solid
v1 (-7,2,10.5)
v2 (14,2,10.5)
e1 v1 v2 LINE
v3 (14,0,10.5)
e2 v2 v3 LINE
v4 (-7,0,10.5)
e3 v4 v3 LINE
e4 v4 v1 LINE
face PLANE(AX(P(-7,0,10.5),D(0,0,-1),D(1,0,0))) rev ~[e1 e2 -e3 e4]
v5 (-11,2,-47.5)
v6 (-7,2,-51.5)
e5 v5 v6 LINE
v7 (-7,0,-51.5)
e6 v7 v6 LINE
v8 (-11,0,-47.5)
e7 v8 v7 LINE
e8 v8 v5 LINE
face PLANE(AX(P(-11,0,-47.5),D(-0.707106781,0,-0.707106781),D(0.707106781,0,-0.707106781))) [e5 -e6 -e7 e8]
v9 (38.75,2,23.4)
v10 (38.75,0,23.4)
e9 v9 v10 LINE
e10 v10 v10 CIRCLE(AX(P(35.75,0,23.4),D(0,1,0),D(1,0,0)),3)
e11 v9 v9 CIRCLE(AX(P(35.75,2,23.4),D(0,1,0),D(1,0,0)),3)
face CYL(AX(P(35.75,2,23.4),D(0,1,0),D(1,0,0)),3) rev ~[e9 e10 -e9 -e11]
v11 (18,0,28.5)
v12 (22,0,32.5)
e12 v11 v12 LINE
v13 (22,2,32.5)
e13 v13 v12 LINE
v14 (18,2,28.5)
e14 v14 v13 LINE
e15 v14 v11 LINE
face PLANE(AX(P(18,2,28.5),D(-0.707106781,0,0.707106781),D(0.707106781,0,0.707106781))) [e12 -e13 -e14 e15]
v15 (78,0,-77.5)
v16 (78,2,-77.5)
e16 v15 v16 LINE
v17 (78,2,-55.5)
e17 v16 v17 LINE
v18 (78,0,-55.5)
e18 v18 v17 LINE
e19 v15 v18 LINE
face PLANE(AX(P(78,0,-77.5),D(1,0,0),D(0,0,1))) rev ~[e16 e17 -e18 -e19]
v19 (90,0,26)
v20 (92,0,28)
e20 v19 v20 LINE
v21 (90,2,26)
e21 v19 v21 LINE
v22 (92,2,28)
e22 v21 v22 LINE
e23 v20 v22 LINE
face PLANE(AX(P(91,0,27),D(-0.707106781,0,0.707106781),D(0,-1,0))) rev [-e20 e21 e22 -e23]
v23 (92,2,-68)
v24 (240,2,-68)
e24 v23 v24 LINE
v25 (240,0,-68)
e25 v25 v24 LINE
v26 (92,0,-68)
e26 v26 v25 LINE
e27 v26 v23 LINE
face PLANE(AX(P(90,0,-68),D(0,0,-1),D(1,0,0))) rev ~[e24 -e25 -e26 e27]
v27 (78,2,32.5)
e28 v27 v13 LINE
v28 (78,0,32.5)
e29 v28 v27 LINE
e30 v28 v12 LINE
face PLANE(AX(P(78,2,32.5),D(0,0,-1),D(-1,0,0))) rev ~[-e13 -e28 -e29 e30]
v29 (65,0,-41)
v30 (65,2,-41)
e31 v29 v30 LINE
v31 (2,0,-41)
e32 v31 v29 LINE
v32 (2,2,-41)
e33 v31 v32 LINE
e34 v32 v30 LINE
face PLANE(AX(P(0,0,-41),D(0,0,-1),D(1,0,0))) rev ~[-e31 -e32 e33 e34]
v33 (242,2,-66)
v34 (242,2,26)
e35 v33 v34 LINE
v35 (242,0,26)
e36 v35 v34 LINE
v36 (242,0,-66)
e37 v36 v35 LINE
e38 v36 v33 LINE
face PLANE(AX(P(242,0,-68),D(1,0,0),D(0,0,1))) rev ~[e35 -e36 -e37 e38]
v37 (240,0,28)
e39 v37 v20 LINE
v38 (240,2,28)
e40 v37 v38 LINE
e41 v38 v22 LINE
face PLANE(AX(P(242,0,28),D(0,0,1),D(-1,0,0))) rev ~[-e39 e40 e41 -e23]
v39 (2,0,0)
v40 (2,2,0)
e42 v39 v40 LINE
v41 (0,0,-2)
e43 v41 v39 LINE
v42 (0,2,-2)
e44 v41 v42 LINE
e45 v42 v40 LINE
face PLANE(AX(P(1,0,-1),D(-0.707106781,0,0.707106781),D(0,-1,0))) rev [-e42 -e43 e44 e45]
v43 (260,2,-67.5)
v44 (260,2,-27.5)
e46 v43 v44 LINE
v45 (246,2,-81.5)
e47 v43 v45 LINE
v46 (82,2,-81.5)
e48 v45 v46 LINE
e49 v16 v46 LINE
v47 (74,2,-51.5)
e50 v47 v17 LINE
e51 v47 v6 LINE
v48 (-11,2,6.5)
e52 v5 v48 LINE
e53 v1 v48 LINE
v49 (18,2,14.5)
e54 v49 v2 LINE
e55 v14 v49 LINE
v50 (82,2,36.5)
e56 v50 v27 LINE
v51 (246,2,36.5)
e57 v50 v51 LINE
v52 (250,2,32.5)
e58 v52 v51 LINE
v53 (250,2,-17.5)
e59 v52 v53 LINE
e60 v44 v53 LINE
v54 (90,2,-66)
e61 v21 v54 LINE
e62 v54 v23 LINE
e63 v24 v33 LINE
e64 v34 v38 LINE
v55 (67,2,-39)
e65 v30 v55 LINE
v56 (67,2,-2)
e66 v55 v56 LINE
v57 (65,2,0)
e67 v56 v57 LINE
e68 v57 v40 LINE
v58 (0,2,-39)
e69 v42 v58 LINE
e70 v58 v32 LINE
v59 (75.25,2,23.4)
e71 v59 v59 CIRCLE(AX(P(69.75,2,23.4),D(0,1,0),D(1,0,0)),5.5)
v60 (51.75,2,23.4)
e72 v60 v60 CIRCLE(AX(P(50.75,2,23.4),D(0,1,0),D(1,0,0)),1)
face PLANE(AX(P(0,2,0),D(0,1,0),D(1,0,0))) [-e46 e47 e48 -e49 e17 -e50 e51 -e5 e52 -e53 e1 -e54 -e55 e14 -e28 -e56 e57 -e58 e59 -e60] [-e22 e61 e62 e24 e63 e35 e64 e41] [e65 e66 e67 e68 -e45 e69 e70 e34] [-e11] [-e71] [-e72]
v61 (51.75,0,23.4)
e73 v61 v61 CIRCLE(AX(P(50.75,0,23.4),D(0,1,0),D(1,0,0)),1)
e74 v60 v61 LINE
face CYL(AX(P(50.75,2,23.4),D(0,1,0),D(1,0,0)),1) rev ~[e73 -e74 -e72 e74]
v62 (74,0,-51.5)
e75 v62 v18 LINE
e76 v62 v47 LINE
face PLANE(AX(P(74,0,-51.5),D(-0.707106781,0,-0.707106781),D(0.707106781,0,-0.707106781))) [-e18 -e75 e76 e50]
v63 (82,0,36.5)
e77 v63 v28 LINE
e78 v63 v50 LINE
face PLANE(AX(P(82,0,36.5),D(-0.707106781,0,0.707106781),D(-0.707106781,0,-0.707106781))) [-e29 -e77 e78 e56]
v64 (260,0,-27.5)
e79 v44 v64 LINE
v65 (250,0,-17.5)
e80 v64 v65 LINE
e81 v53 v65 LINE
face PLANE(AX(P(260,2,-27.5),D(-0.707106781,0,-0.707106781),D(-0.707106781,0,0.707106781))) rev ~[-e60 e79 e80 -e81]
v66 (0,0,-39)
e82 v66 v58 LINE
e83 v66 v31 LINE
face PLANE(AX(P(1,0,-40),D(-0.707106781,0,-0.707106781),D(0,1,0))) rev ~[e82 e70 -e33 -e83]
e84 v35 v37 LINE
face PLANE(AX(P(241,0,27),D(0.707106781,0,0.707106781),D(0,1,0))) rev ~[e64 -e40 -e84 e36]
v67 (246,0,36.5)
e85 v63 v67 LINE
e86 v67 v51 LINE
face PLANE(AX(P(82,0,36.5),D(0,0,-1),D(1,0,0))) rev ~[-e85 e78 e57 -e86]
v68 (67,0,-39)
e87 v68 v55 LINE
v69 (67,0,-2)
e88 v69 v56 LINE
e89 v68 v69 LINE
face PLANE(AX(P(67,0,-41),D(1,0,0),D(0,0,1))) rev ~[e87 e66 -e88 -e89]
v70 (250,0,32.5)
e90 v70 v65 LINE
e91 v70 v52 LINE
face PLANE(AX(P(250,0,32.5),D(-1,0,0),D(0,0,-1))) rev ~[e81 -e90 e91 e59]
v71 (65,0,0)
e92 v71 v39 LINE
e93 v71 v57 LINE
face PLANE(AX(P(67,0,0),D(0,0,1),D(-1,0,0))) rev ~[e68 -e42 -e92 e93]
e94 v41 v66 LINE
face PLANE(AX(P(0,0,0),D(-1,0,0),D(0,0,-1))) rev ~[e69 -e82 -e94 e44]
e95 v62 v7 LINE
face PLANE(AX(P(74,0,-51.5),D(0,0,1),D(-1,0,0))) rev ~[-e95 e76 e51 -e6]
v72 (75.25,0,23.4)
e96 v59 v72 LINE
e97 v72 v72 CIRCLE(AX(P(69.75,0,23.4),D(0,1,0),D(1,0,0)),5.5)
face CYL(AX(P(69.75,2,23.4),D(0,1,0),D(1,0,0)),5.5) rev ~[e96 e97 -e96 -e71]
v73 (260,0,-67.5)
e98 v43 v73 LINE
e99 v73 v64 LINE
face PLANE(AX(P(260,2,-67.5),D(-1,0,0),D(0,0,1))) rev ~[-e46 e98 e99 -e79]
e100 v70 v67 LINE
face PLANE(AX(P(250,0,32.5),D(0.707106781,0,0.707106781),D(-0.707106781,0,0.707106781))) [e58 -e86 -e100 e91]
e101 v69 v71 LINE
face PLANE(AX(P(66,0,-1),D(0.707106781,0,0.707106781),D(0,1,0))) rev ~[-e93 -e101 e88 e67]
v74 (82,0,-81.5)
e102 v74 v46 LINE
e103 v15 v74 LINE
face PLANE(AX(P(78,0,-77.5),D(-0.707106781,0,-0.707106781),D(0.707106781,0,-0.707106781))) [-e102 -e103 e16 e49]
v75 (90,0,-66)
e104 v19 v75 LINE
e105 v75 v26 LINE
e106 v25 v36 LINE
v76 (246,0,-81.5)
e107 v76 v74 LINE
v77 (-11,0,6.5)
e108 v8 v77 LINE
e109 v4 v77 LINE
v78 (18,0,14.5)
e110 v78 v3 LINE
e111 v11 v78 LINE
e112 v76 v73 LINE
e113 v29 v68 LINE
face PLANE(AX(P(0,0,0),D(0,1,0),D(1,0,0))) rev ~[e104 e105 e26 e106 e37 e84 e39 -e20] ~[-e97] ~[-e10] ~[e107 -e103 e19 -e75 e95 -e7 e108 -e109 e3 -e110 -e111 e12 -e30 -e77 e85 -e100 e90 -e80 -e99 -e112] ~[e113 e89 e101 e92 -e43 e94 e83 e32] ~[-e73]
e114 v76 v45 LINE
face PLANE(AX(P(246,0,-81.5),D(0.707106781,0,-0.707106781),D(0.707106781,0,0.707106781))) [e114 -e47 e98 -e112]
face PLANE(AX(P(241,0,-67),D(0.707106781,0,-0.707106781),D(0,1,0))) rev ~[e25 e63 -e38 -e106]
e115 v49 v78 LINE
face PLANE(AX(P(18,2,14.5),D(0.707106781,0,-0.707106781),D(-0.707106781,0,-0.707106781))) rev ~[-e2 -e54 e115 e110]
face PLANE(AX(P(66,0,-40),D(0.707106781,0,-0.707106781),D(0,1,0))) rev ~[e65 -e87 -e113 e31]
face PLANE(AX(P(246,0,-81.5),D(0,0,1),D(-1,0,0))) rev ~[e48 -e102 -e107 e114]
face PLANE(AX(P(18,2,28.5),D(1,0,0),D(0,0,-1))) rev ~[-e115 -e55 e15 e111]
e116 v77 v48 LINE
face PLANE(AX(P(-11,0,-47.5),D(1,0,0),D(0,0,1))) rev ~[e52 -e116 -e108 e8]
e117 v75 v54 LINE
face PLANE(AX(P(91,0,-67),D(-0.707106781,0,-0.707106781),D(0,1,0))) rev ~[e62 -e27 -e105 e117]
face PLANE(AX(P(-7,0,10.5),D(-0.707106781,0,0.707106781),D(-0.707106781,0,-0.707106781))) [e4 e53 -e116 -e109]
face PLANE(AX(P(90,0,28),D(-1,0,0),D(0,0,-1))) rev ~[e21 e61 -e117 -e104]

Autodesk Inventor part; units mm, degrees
ref_plane "YZ Plane" through (0, 0, 0) normal (1, 0, 0) x (0, 1, 0)
ref_plane "XZ Plane" through (0, 0, 0) normal (0, 1, 0) x (-1, 0, 0)
ref_plane "XY Plane" through (0, 0, 0) normal (0, 0, 1) x (1, 0, 0)
sketch "Sketch1" plane through (0, 0, 0) normal (0, 1, 0) x (-1, 0, 0)
  line L0 (0, -41) -> (-67, -41)
  line L1 (-67, -41) -> (-67, 0)
  line L2 (-67, 0) -> (0, 0)
  line L3 (0, 0) -> (0, -41)
  line L4 (-90, -68) -> (-242, -68)
  line L5 (-242, -68) -> (-242, 28)
  line L6 (-242, 28) -> (-90, 28)
  line L7 (-90, 28) -> (-90, -68)
  line L8 (11, -47.5) -> (11, 6.5)
  line L9 (7, 10.5) -> (-74, 10.5)
  line L10 (-78, 14.5) -> (-78, 32.5)
  line L11 (-82, 36.5) -> (-246, 36.5)
  line L12 (-250, 32.5) -> (-250, -77.5)
  line L13 (-246, -81.5) -> (-82, -81.5)
  line L14 (-78, -77.5) -> (-78, -55.5)
  line L15 (-74, -51.5) -> (7, -51.5)
  line L16 (11, -47.5) -> (7, -51.5)
  line L17 (-74, -51.5) -> (-78, -55.5)
  line L18 (-78, -77.5) -> (-82, -81.5)
  line L19 (-246, -81.5) -> (-250, -77.5)
  line L20 (-250, 32.5) -> (-246, 36.5)
  line L21 (-82, 36.5) -> (-78, 32.5)
  line L22 (-78, 14.5) -> (-74, 10.5)
  line L23 (7, 10.5) -> (11, 6.5)
  line L24 (6, -46.5) -> (-73, -46.5) construction
  line L25 (-73, -46.5) -> (-73, 5.5) construction
  line L26 (-73, 5.5) -> (6, 5.5) construction
  line L27 (6, 5.5) -> (6, -46.5) construction
  line L28 (-83, -76.5) -> (-245, -76.5) construction
  line L29 (-245, -76.5) -> (-245, 31.5) construction
  line L30 (-245, 31.5) -> (-83, 31.5) construction
  line L31 (-83, 31.5) -> (-83, -76.5) construction
  point P0 (11, 10.5)
  point P1 (-78, 10.5)
  point P2 (-78, 36.5)
  point P3 (-250, 36.5)
  point P4 (-250, -81.5)
  point P5 (-78, -81.5)
  point P6 (-78, -51.5)
  point P7 (11, -51.5)
  point P8 (-33.5, -46.5)
  point P9 (-33.5, -41)
  point P10 (6, -20.5)
  point P11 (0, -20.5)
  point P12 (-83, -22.5)
  point P13 (-90, -20)
  point P14 (-164, -76.5)
  point P15 (-166, -68)
  dimension "d0" = 67
  dimension "d1" = 41
  dimension "d2" = 152
  dimension "d3" = 96
  dimension "d4" = 4
  dimension "d5" = 4
  dimension "d6" = 4
  dimension "d7" = 4
  dimension "d8" = 4
  dimension "d9" = 4
  dimension "d10" = 4
  dimension "d11" = 4
  dimension "d12" = 4
  dimension "d13" = 4
  dimension "d14" = 4
  dimension "d15" = 4
  dimension "d16" = 4
  dimension "d17" = 4
  dimension "d18" = 4
  dimension "d19" = 4
  dimension "d20" = 79
  dimension "d21" = 52
  dimension "d22" = 162
  dimension "d23" = 108
  dimension "d24" = 10
  dimension "d25" = 26
  dimension "d26" = 5
  dimension "d27" = 5
  dimension "d28" = 5
  dimension "d29" = 5
  dimension "d30" = 5
  dimension "d31" = 5
  dimension "d32" = 5
  dimension "d48" = 8.5
  dimension "d49" = 7
extrude "Extrusion1" add sketch "Sketch1" along normal blind 2
sketch "Sketch2" plane through (0, 2, 0) normal (0, 1, 0) x (1, 0, 0)
  line L0 (250, -32.5) -> (250, 77.5) projected
  line L1 (78, 55.5) -> (74, 51.5) projected
  line L2 (74, 51.5) -> (-7, 51.5) projected
  line L3 (250, 77.5) -> (260, 67.5)
  line L4 (260, 67.5) -> (260, 27.5)
  line L5 (260, 27.5) -> (250, 17.5)
  line L6 (250, 77.5) -> (250, 17.5)
  dimension "d35" = 10
  dimension "d36" = 40
extrude "Extrusion2" add sketch "Sketch2" against normal blind 2
sketch "Sketch3" plane through (0, 2, 0) normal (0, 1, 0) x (1, 0, 0)
  line L0 (-7, -10.5) -> (74, -10.5) projected
  line L1 (74, -10.5) -> (78, -14.5) projected
  line L2 (78, -14.5) -> (78, -32.5) projected
  line L3 (78, 55.5) -> (74, 51.5) projected
  line L4 (74, 51.5) -> (-7, 51.5) projected
  line L5 (78, -32.5) -> (22, -32.5)
  line L6 (18, -28.5) -> (18, -14.5)
  line L7 (18, -14.5) -> (14, -10.5)
  line L8 (18, -28.5) -> (22, -32.5)
  line L9 (14, -10.5) -> (74, -10.5)
  line L10 (74, -10.5) -> (78, -14.5)
  line L11 (78, -14.5) -> (78, -32.5)
  point P0 (18, -32.5)
  dimension "d39" = 4
  dimension "d40" = 4
  dimension "d41" = 4
  dimension "d42" = 60
extrude "Extrusion3" add sketch "Sketch3" against normal blind 2
chamfer "Chamfer1" distance 2 angle 45 8 edges at (0, 1, -41) (67, 1, -41) (90, 1, -68) (90, 1, 28) (0, 1, 0) (67, 1, 0) (242, 1, 28) (242, 1, -68)
sketch "Sketch4" plane through (0, 2, 0) normal (0, 1, 0) x (1, 0, 0)
  line L0 (18, -14.5) -> (18, -28.5) projected
  line L1 (22, -32.5) -> (78, -32.5) projected
  circle A0 centre (69.75, -23.4) radius 5.5
  circle A1 centre (50.75, -23.4) radius 1
  circle A2 centre (35.75, -23.4) radius 3
  point P0 (0, 0)
  dimension "d50" = 11
  dimension "d51" = 2
  dimension "d52" = 6
  dimension "d53" = 19
  dimension "d54" = 15
  dimension "d55" = 9.1
  dimension "d56" = 51.75
extrude "Extrusion4" cut sketch "Sketch4" against normal through all
equation "\"d5\" = d4"
equation "\"d6\" = d4"
equation "\"d7\" = d6"
equation "\"d8\" = d4"
equation "\"d9\" = d8"
equation "\"d10\" = d4"
equation "\"d11\" = d10"
equation "\"d12\" = d4"
equation "\"d13\" = d12"
equation "\"d14\" = d4"
equation "\"d15\" = d14"
equation "\"d16\" = d4"
equation "\"d17\" = d16"
equation "\"d18\" = d4"
equation "\"d19\" = d18"
equation "\"d26\" = 0.5 * d24"
equation "\"d27\" = d26"
equation "\"d28\" = d27"
equation "\"d29\" = d28"
equation "\"d30\" = d26"
equation "\"d31\" = d30"
equation "\"d32\" = d30"
equation "\"d41\" = d40"
properties part number "front_panel_frame" material "ABS Plastic"
